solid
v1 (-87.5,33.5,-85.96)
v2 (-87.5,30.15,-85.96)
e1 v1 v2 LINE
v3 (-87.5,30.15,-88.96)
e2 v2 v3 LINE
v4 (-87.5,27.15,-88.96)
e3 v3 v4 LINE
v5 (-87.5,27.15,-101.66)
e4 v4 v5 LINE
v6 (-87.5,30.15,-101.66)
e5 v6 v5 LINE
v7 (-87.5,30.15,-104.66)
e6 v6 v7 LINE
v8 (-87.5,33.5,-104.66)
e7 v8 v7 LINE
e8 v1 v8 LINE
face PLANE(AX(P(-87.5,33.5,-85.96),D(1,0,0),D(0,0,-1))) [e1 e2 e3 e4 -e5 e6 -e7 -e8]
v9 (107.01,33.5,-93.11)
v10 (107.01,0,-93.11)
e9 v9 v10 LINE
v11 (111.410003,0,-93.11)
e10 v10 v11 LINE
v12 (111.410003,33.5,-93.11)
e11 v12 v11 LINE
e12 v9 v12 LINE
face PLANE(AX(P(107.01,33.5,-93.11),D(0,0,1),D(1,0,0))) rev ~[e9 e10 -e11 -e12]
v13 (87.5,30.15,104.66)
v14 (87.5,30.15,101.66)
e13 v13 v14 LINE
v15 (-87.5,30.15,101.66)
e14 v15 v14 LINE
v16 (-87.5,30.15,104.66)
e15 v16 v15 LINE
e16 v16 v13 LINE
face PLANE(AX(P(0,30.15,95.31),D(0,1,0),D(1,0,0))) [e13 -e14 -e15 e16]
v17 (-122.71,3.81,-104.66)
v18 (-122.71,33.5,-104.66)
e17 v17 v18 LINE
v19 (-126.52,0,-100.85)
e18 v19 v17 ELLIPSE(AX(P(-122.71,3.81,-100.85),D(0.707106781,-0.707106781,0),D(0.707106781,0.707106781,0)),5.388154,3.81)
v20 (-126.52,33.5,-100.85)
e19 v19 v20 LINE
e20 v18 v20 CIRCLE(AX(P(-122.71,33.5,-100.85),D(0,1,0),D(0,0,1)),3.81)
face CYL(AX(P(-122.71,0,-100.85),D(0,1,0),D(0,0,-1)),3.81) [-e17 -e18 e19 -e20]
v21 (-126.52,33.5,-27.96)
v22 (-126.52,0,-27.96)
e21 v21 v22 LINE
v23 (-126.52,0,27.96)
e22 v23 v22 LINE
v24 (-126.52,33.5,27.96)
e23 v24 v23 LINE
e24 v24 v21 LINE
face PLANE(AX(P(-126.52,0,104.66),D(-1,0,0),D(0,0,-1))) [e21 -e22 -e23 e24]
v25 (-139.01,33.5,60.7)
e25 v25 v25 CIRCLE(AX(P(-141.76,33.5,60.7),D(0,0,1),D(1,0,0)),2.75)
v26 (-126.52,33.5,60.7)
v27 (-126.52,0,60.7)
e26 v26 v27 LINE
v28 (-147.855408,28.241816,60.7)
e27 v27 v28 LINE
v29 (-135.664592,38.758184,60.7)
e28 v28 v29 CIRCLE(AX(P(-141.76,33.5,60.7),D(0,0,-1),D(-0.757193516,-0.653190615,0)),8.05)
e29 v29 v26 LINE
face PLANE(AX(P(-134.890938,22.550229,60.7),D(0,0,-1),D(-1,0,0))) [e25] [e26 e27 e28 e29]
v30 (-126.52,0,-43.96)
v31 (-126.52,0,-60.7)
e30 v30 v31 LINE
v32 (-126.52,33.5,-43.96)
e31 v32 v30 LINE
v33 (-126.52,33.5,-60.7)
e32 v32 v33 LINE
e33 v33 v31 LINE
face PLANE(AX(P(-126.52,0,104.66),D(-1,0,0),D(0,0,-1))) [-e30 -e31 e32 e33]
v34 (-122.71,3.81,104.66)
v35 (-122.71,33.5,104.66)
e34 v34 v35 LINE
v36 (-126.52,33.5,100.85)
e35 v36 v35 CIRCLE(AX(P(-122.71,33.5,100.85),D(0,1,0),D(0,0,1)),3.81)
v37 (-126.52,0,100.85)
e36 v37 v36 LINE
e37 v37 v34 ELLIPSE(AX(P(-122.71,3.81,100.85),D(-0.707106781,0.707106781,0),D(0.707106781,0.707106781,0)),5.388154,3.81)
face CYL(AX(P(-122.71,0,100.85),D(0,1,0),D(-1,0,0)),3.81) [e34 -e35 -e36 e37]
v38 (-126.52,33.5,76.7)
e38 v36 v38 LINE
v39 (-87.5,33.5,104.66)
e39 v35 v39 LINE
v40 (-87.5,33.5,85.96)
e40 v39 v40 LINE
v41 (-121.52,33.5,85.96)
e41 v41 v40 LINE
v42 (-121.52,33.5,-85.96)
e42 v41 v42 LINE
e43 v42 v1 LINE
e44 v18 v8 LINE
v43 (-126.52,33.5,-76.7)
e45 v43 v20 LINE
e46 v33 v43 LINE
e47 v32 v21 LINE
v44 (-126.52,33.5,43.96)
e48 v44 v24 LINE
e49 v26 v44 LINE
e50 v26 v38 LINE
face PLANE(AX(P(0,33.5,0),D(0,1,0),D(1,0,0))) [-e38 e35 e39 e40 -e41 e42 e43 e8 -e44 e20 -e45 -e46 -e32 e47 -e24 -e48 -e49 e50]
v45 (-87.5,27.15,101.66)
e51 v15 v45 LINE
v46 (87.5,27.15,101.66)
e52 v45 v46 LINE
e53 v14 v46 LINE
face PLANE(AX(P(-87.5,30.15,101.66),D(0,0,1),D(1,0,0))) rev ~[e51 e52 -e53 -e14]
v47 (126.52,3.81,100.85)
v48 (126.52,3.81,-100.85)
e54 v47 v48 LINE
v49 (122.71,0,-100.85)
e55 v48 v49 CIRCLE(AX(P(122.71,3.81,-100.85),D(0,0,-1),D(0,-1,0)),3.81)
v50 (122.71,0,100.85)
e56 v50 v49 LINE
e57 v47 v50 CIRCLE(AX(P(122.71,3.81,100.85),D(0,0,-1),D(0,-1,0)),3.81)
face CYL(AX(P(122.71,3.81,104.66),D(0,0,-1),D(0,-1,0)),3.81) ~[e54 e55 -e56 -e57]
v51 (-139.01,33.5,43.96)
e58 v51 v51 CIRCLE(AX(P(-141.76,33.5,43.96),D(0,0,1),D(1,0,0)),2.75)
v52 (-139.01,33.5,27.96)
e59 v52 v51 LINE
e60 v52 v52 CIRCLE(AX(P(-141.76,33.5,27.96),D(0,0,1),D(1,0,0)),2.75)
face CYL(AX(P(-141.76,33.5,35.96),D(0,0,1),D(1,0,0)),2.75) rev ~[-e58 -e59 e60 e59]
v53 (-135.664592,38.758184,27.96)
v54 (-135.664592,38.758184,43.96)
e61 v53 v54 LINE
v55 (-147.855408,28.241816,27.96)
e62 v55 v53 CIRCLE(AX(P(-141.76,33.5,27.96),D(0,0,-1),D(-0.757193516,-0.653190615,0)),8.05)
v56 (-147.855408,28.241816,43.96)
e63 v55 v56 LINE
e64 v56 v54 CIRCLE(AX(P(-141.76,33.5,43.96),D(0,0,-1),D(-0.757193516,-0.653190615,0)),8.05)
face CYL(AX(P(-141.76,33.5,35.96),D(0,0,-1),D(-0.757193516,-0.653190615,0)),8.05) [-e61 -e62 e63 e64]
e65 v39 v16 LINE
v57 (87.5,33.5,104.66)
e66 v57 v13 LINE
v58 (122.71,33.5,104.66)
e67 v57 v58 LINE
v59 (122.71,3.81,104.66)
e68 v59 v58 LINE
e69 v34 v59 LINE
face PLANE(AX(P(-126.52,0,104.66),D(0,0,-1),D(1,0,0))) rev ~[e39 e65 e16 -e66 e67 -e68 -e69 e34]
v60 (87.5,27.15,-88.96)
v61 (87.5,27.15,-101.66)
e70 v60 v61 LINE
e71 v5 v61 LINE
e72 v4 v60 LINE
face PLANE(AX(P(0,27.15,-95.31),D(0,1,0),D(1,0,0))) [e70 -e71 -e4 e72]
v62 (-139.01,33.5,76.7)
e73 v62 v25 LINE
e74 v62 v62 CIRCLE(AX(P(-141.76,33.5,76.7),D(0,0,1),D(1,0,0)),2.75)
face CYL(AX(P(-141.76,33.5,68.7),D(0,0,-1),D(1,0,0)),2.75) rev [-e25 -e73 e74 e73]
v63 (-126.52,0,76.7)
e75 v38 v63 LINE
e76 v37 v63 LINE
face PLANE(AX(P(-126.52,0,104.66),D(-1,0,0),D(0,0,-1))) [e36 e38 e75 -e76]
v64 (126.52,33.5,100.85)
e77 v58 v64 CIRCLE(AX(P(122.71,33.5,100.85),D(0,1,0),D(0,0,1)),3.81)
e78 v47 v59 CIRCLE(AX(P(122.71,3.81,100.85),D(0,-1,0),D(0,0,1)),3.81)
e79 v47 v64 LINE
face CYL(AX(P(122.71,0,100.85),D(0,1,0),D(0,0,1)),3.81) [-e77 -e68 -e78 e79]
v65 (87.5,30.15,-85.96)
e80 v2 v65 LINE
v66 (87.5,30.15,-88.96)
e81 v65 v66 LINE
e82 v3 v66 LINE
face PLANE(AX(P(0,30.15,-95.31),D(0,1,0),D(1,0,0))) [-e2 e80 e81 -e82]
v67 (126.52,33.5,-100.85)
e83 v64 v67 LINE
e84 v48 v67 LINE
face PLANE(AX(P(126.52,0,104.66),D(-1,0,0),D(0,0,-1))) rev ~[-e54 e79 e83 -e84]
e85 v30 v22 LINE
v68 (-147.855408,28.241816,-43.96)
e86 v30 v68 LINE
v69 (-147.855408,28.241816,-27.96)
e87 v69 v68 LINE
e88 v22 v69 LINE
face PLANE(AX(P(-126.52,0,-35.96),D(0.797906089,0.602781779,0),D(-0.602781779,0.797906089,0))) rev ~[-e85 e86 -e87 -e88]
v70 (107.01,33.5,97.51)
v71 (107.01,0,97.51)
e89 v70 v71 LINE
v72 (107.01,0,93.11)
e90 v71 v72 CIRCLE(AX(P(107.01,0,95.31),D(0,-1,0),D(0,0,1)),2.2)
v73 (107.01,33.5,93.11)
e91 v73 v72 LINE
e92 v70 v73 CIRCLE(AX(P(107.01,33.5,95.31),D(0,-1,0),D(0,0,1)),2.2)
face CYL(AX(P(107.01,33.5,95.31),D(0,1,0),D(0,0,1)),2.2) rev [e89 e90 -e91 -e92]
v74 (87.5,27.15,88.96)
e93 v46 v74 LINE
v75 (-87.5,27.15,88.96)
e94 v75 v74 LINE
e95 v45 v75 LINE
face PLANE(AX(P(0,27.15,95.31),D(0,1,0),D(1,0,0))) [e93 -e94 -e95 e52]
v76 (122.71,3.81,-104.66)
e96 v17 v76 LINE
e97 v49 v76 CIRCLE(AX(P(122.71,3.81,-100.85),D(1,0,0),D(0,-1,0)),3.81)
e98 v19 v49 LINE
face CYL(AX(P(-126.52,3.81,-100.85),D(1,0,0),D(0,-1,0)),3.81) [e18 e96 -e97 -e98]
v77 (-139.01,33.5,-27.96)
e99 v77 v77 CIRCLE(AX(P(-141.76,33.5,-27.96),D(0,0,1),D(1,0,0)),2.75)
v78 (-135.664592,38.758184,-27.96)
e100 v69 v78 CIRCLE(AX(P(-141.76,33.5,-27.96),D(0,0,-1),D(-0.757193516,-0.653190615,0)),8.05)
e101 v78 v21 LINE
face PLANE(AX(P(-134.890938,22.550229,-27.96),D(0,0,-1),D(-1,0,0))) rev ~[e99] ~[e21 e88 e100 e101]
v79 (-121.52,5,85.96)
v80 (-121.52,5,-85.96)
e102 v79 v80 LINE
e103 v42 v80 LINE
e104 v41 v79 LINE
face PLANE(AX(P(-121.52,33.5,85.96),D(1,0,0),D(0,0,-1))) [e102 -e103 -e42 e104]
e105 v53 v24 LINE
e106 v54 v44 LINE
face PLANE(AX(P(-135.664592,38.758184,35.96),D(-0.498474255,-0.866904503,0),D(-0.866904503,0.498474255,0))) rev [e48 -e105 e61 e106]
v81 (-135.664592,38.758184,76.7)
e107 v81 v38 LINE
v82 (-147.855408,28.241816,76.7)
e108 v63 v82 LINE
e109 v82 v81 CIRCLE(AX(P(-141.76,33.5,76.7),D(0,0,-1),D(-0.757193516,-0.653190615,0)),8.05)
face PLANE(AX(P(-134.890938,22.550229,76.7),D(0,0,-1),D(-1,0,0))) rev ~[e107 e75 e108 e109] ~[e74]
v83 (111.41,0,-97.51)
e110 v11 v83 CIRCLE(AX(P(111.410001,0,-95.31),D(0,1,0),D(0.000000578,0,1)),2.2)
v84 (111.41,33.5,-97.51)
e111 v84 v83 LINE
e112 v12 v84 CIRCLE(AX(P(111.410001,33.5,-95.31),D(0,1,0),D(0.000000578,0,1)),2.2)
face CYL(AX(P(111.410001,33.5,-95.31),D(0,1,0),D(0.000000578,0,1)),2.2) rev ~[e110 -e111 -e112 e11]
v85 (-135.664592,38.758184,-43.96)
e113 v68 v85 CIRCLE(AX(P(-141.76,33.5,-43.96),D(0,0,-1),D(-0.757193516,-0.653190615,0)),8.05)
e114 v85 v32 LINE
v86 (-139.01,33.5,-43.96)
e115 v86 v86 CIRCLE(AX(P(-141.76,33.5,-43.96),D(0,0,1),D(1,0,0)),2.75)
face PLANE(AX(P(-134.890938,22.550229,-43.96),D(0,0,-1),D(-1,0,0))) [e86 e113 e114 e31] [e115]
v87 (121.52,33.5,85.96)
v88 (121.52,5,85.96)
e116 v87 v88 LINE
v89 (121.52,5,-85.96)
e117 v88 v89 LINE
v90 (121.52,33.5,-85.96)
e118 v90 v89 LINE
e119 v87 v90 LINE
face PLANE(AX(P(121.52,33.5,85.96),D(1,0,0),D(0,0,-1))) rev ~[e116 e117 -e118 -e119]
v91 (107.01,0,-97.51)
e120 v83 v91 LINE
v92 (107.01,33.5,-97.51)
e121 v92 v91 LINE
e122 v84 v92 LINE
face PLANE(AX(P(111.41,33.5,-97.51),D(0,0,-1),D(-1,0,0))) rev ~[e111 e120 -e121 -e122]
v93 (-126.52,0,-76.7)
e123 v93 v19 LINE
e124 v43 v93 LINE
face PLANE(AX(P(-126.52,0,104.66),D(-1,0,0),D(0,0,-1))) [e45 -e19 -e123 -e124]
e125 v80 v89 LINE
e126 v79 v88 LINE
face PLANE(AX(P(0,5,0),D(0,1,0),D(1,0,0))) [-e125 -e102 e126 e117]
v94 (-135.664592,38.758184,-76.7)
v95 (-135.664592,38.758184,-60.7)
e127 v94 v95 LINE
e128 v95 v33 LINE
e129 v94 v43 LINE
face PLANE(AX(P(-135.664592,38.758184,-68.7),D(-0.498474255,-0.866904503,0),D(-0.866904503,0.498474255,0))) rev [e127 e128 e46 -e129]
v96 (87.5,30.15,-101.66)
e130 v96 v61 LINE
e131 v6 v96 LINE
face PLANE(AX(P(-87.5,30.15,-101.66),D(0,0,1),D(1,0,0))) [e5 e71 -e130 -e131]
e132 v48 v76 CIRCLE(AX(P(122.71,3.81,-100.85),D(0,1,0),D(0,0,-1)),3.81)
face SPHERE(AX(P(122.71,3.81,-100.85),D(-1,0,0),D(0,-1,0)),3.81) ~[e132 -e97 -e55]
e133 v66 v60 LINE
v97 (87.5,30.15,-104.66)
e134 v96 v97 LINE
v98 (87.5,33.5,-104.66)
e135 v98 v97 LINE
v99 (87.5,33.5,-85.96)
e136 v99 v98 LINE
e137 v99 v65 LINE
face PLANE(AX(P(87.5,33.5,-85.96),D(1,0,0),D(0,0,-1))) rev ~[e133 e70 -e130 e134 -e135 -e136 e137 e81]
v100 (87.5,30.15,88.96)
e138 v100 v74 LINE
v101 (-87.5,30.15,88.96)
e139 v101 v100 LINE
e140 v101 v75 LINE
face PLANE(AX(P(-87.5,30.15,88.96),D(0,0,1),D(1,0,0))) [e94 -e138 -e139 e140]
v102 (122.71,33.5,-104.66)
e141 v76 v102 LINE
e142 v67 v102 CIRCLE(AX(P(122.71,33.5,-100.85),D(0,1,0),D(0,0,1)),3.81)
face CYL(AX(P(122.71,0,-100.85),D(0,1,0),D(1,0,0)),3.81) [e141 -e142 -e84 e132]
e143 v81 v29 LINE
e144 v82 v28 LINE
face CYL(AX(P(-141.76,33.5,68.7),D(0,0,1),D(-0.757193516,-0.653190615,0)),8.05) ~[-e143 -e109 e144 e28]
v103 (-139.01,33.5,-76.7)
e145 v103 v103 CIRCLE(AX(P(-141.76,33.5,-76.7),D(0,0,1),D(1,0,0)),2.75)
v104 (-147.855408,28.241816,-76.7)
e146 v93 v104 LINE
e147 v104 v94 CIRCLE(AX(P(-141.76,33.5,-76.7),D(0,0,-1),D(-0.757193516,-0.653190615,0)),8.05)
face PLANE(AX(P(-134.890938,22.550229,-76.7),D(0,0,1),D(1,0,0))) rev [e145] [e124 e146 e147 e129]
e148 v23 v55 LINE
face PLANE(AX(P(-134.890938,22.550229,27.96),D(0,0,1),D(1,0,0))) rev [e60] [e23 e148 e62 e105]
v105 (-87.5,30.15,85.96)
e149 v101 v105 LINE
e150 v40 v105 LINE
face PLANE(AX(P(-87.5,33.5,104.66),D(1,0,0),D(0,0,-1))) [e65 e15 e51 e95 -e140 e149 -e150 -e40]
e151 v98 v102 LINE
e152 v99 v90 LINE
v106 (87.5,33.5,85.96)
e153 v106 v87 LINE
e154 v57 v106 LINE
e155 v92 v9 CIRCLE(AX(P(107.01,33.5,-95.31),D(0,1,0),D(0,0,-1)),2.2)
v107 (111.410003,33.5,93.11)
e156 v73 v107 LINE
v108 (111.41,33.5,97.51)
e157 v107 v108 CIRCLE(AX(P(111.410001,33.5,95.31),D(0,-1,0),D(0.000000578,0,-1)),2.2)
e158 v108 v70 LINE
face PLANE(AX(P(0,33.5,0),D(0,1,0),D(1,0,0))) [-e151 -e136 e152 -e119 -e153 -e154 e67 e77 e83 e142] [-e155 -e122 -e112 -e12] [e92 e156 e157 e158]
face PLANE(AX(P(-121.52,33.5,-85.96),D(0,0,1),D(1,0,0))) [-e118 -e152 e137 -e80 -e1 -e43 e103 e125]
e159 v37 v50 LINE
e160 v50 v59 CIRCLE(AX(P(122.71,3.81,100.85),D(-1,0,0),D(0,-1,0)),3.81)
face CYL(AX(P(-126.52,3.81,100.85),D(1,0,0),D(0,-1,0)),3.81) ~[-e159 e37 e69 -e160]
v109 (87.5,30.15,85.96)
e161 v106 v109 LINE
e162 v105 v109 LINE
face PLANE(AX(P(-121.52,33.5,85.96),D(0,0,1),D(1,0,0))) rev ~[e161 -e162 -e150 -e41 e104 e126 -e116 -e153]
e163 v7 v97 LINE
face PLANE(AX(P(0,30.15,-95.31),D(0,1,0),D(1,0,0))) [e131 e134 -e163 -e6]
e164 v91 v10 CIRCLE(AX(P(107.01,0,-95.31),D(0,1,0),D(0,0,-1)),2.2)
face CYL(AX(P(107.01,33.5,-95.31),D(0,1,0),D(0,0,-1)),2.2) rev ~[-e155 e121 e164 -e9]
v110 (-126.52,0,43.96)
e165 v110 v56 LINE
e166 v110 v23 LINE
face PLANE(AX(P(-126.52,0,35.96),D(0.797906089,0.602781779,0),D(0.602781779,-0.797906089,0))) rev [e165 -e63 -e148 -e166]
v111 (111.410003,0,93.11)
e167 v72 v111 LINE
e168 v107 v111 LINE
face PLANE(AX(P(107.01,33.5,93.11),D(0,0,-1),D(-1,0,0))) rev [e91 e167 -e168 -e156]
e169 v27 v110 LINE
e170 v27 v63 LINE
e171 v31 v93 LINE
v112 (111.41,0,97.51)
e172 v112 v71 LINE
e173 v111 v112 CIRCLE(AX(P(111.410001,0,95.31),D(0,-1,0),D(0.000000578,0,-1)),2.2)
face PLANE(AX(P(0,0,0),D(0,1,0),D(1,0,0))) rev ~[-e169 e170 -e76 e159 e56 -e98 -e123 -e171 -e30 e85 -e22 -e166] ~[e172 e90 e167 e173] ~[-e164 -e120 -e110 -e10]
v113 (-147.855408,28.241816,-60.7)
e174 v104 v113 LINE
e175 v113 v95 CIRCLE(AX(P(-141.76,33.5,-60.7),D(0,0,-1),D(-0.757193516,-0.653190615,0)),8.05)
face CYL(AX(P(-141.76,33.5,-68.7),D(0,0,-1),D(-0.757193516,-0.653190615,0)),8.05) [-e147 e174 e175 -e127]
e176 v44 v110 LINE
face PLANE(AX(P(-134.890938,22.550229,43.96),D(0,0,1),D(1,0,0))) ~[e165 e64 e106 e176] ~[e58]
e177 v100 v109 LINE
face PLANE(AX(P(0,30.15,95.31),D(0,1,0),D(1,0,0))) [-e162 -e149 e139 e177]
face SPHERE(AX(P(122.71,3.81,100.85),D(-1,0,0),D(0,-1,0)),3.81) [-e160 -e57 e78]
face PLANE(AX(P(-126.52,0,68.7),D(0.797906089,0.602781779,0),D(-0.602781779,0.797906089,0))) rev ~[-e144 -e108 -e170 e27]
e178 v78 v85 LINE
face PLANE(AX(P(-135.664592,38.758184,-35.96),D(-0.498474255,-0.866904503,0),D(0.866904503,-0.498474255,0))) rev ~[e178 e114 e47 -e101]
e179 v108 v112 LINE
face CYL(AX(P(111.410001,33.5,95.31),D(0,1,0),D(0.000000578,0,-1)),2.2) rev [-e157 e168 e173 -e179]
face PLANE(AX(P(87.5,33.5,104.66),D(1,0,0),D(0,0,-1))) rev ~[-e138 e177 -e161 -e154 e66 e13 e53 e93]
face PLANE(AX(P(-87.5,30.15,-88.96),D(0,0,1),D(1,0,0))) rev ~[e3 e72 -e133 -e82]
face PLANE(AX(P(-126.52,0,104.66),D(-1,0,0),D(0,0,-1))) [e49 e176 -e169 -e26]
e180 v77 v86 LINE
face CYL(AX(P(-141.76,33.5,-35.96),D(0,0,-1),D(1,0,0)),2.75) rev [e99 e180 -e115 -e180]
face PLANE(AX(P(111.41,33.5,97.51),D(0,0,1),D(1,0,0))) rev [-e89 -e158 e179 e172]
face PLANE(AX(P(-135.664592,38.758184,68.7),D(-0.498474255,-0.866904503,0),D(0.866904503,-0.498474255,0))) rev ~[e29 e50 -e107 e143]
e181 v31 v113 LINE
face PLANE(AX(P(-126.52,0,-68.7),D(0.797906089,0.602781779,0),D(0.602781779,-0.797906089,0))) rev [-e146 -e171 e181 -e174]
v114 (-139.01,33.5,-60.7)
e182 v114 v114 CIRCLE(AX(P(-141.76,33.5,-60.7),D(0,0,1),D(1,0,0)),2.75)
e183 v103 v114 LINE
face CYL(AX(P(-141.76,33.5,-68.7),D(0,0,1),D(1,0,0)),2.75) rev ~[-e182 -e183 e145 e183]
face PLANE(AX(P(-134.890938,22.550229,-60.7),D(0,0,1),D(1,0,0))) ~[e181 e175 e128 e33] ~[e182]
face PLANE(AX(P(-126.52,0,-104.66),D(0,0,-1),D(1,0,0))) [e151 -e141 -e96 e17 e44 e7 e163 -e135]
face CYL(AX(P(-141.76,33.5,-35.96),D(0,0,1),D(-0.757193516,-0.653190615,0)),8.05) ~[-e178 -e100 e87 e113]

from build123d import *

# Parameters (mm, degrees)
SKETCH1_W               = 253.04
SKETCH1_H               = 209.32
BOSS_EXTRUDE1_DEPTH     = 33.5
SKETCH2_W               = 243.04
SKETCH2_H               = 171.92
CUT_EXTRUDE1_DEPTH      = 28.5
SKETCH4_W               = 175
SKETCH4_H               = 18.7
CUT_EXTRUDE2_DEPTH      = 3.35
SKETCH5_W               = 175
SKETCH5_H               = 12.7
CUT_EXTRUDE3_DEPTH      = 3
SKETCH6_W               = 175
SKETCH6_H               = 18.7
CUT_EXTRUDE4_DEPTH      = 3.35
SKETCH7_W               = 175
SKETCH7_H               = 12.7
CUT_EXTRUDE5_DEPTH      = 3
SKETCH9_R               = 2.75
BOSS_EXTRUDE2_DEPTH     = 8
MIRROR2_COPY_1_SKETCH_R = 2.75
MIRROR2_COPY_1_DEPTH    = 8
CUT_EXTRUDE6_DEPTH      = 33.5
FILLET3_R               = 3.81


with BuildPart() as part:
    # Sketch1 → Boss-Extrude1 (new body)
    with BuildSketch(Plane(origin=(0, 0, 0), x_dir=(1, 0, 0), z_dir=(0, 1, 0))):
        Rectangle(SKETCH1_W, SKETCH1_H)
    extrude(amount=BOSS_EXTRUDE1_DEPTH)

    # Sketch2 → Cut-Extrude1 (cut)
    with BuildSketch(Plane(origin=(0, 33.5, 0), x_dir=(1, 0, 0), z_dir=(0, 1, 0))):
        Rectangle(SKETCH2_W, SKETCH2_H)
    extrude(amount=-CUT_EXTRUDE1_DEPTH, mode=Mode.SUBTRACT)

    # Sketch4 → Cut-Extrude2 (cut)
    with BuildSketch(Plane(origin=(0, 33.5, 0), x_dir=(1, 0, 0), z_dir=(0, 1, 0))):
        with Locations((0, -95.31)):
            Rectangle(SKETCH4_W, SKETCH4_H)
    extrude(amount=-CUT_EXTRUDE2_DEPTH, mode=Mode.SUBTRACT)

    # Sketch5 → Cut-Extrude3 (cut)
    with BuildSketch(Plane(origin=(0, 30.15, 0), x_dir=(1, 0, 0), z_dir=(0, 1, 0))):
        with Locations((0, -95.31)):
            Rectangle(SKETCH5_W, SKETCH5_H)
    extrude(amount=-CUT_EXTRUDE3_DEPTH, mode=Mode.SUBTRACT)

    # Sketch6 → Cut-Extrude4 (cut)
    with BuildSketch(Plane(origin=(0, 33.5, 0), x_dir=(1, 0, 0), z_dir=(0, 1, 0))):
        with Locations((0, 95.31)):
            Rectangle(SKETCH6_W, SKETCH6_H)
    extrude(amount=-CUT_EXTRUDE4_DEPTH, mode=Mode.SUBTRACT)

    # Sketch7 → Cut-Extrude5 (cut)
    with BuildSketch(Plane(origin=(0, 30.15, 0), x_dir=(1, 0, 0), z_dir=(0, 1, 0))):
        with Locations((0, 95.31)):
            Rectangle(SKETCH7_W, SKETCH7_H)
    extrude(amount=-CUT_EXTRUDE5_DEPTH, mode=Mode.SUBTRACT)

    # Sketch9 → Boss-Extrude2 (add, symmetric)
    with BuildSketch(Plane.XY.offset(-35.96)):
        with BuildLine():
            Line((-126.52, 0), (-147.855407805, 28.241815551))
            ThreePointArc((-147.855407805, 28.241815551), (-147.018184449, 39.595407805), (-135.664592195, 38.758184449))
            Line((-135.664592195, 38.758184449), (-126.52, 33.5))
            Line((-126.52, 33.5), (-126.52, 0))
        make_face()
        with Locations((-141.76, 33.5)):
            Circle(SKETCH9_R, mode=Mode.SUBTRACT)
    boss_extrude2 = extrude(amount=BOSS_EXTRUDE2_DEPTH, both=True)

    # Mirror1: Boss-Extrude2 across plane
    add(boss_extrude2.mirror(Plane.XY.offset(-52.33)))

    # Mirror2: Boss-Extrude2 across plane
    add(boss_extrude2.mirror(Plane.XY))

    # Mirror2 copy 1 sketch → Mirror2 copy 1 (add, symmetric)
    with BuildSketch(Plane.XY.offset(68.7)):
        with BuildLine():
            Line((-126.52, 0), (-147.855407805, 28.241815551))
            ThreePointArc((-147.855407805, 28.241815551), (-147.018184449, 39.595407805), (-135.664592195, 38.758184449))
            Line((-135.664592195, 38.758184449), (-126.52, 33.5))
            Line((-126.52, 33.5), (-126.52, 0))
        make_face()
        with Locations((-141.76, 33.5)):
            Circle(MIRROR2_COPY_1_SKETCH_R, mode=Mode.SUBTRACT)
    extrude(amount=MIRROR2_COPY_1_DEPTH, both=True)

    # Sketch11 → Cut-Extrude6 (cut)
    with BuildSketch(Plane(origin=(0, 33.5, 0), x_dir=(1, 0, 0), z_dir=(0, 1, 0))):
        with BuildLine():
            Line((107.01, 93.11), (111.410002543, 93.11))
            ThreePointArc((111.410002543, 93.11), (113.610001272, 95.310001272), (111.41, 97.51))
            Line((111.41, 97.51), (107.01, 97.51))
            ThreePointArc((107.01, 97.51), (104.81, 95.31), (107.01, 93.11))
        make_face()
    cut_extrude6 = extrude(amount=-CUT_EXTRUDE6_DEPTH, mode=Mode.SUBTRACT)

    # Mirror3: Cut-Extrude6 across plane
    add(cut_extrude6.mirror(Plane.XY), mode=Mode.SUBTRACT)

    # Fillet3
    fillet3_edges = [part.edges().sort_by_distance(p)[0] for p in [
        (0, 0, 104.66),
        (0, 0, -104.66),
        (126.52, 0, 0),
        (126.52, 16.75, 104.66),
        (-126.52, 16.75, 104.66),
        (-126.52, 16.75, -104.66),
        (126.52, 16.75, -104.66),
    ]]
    fillet(fillet3_edges, radius=FILLET3_R)


solid = part.part
